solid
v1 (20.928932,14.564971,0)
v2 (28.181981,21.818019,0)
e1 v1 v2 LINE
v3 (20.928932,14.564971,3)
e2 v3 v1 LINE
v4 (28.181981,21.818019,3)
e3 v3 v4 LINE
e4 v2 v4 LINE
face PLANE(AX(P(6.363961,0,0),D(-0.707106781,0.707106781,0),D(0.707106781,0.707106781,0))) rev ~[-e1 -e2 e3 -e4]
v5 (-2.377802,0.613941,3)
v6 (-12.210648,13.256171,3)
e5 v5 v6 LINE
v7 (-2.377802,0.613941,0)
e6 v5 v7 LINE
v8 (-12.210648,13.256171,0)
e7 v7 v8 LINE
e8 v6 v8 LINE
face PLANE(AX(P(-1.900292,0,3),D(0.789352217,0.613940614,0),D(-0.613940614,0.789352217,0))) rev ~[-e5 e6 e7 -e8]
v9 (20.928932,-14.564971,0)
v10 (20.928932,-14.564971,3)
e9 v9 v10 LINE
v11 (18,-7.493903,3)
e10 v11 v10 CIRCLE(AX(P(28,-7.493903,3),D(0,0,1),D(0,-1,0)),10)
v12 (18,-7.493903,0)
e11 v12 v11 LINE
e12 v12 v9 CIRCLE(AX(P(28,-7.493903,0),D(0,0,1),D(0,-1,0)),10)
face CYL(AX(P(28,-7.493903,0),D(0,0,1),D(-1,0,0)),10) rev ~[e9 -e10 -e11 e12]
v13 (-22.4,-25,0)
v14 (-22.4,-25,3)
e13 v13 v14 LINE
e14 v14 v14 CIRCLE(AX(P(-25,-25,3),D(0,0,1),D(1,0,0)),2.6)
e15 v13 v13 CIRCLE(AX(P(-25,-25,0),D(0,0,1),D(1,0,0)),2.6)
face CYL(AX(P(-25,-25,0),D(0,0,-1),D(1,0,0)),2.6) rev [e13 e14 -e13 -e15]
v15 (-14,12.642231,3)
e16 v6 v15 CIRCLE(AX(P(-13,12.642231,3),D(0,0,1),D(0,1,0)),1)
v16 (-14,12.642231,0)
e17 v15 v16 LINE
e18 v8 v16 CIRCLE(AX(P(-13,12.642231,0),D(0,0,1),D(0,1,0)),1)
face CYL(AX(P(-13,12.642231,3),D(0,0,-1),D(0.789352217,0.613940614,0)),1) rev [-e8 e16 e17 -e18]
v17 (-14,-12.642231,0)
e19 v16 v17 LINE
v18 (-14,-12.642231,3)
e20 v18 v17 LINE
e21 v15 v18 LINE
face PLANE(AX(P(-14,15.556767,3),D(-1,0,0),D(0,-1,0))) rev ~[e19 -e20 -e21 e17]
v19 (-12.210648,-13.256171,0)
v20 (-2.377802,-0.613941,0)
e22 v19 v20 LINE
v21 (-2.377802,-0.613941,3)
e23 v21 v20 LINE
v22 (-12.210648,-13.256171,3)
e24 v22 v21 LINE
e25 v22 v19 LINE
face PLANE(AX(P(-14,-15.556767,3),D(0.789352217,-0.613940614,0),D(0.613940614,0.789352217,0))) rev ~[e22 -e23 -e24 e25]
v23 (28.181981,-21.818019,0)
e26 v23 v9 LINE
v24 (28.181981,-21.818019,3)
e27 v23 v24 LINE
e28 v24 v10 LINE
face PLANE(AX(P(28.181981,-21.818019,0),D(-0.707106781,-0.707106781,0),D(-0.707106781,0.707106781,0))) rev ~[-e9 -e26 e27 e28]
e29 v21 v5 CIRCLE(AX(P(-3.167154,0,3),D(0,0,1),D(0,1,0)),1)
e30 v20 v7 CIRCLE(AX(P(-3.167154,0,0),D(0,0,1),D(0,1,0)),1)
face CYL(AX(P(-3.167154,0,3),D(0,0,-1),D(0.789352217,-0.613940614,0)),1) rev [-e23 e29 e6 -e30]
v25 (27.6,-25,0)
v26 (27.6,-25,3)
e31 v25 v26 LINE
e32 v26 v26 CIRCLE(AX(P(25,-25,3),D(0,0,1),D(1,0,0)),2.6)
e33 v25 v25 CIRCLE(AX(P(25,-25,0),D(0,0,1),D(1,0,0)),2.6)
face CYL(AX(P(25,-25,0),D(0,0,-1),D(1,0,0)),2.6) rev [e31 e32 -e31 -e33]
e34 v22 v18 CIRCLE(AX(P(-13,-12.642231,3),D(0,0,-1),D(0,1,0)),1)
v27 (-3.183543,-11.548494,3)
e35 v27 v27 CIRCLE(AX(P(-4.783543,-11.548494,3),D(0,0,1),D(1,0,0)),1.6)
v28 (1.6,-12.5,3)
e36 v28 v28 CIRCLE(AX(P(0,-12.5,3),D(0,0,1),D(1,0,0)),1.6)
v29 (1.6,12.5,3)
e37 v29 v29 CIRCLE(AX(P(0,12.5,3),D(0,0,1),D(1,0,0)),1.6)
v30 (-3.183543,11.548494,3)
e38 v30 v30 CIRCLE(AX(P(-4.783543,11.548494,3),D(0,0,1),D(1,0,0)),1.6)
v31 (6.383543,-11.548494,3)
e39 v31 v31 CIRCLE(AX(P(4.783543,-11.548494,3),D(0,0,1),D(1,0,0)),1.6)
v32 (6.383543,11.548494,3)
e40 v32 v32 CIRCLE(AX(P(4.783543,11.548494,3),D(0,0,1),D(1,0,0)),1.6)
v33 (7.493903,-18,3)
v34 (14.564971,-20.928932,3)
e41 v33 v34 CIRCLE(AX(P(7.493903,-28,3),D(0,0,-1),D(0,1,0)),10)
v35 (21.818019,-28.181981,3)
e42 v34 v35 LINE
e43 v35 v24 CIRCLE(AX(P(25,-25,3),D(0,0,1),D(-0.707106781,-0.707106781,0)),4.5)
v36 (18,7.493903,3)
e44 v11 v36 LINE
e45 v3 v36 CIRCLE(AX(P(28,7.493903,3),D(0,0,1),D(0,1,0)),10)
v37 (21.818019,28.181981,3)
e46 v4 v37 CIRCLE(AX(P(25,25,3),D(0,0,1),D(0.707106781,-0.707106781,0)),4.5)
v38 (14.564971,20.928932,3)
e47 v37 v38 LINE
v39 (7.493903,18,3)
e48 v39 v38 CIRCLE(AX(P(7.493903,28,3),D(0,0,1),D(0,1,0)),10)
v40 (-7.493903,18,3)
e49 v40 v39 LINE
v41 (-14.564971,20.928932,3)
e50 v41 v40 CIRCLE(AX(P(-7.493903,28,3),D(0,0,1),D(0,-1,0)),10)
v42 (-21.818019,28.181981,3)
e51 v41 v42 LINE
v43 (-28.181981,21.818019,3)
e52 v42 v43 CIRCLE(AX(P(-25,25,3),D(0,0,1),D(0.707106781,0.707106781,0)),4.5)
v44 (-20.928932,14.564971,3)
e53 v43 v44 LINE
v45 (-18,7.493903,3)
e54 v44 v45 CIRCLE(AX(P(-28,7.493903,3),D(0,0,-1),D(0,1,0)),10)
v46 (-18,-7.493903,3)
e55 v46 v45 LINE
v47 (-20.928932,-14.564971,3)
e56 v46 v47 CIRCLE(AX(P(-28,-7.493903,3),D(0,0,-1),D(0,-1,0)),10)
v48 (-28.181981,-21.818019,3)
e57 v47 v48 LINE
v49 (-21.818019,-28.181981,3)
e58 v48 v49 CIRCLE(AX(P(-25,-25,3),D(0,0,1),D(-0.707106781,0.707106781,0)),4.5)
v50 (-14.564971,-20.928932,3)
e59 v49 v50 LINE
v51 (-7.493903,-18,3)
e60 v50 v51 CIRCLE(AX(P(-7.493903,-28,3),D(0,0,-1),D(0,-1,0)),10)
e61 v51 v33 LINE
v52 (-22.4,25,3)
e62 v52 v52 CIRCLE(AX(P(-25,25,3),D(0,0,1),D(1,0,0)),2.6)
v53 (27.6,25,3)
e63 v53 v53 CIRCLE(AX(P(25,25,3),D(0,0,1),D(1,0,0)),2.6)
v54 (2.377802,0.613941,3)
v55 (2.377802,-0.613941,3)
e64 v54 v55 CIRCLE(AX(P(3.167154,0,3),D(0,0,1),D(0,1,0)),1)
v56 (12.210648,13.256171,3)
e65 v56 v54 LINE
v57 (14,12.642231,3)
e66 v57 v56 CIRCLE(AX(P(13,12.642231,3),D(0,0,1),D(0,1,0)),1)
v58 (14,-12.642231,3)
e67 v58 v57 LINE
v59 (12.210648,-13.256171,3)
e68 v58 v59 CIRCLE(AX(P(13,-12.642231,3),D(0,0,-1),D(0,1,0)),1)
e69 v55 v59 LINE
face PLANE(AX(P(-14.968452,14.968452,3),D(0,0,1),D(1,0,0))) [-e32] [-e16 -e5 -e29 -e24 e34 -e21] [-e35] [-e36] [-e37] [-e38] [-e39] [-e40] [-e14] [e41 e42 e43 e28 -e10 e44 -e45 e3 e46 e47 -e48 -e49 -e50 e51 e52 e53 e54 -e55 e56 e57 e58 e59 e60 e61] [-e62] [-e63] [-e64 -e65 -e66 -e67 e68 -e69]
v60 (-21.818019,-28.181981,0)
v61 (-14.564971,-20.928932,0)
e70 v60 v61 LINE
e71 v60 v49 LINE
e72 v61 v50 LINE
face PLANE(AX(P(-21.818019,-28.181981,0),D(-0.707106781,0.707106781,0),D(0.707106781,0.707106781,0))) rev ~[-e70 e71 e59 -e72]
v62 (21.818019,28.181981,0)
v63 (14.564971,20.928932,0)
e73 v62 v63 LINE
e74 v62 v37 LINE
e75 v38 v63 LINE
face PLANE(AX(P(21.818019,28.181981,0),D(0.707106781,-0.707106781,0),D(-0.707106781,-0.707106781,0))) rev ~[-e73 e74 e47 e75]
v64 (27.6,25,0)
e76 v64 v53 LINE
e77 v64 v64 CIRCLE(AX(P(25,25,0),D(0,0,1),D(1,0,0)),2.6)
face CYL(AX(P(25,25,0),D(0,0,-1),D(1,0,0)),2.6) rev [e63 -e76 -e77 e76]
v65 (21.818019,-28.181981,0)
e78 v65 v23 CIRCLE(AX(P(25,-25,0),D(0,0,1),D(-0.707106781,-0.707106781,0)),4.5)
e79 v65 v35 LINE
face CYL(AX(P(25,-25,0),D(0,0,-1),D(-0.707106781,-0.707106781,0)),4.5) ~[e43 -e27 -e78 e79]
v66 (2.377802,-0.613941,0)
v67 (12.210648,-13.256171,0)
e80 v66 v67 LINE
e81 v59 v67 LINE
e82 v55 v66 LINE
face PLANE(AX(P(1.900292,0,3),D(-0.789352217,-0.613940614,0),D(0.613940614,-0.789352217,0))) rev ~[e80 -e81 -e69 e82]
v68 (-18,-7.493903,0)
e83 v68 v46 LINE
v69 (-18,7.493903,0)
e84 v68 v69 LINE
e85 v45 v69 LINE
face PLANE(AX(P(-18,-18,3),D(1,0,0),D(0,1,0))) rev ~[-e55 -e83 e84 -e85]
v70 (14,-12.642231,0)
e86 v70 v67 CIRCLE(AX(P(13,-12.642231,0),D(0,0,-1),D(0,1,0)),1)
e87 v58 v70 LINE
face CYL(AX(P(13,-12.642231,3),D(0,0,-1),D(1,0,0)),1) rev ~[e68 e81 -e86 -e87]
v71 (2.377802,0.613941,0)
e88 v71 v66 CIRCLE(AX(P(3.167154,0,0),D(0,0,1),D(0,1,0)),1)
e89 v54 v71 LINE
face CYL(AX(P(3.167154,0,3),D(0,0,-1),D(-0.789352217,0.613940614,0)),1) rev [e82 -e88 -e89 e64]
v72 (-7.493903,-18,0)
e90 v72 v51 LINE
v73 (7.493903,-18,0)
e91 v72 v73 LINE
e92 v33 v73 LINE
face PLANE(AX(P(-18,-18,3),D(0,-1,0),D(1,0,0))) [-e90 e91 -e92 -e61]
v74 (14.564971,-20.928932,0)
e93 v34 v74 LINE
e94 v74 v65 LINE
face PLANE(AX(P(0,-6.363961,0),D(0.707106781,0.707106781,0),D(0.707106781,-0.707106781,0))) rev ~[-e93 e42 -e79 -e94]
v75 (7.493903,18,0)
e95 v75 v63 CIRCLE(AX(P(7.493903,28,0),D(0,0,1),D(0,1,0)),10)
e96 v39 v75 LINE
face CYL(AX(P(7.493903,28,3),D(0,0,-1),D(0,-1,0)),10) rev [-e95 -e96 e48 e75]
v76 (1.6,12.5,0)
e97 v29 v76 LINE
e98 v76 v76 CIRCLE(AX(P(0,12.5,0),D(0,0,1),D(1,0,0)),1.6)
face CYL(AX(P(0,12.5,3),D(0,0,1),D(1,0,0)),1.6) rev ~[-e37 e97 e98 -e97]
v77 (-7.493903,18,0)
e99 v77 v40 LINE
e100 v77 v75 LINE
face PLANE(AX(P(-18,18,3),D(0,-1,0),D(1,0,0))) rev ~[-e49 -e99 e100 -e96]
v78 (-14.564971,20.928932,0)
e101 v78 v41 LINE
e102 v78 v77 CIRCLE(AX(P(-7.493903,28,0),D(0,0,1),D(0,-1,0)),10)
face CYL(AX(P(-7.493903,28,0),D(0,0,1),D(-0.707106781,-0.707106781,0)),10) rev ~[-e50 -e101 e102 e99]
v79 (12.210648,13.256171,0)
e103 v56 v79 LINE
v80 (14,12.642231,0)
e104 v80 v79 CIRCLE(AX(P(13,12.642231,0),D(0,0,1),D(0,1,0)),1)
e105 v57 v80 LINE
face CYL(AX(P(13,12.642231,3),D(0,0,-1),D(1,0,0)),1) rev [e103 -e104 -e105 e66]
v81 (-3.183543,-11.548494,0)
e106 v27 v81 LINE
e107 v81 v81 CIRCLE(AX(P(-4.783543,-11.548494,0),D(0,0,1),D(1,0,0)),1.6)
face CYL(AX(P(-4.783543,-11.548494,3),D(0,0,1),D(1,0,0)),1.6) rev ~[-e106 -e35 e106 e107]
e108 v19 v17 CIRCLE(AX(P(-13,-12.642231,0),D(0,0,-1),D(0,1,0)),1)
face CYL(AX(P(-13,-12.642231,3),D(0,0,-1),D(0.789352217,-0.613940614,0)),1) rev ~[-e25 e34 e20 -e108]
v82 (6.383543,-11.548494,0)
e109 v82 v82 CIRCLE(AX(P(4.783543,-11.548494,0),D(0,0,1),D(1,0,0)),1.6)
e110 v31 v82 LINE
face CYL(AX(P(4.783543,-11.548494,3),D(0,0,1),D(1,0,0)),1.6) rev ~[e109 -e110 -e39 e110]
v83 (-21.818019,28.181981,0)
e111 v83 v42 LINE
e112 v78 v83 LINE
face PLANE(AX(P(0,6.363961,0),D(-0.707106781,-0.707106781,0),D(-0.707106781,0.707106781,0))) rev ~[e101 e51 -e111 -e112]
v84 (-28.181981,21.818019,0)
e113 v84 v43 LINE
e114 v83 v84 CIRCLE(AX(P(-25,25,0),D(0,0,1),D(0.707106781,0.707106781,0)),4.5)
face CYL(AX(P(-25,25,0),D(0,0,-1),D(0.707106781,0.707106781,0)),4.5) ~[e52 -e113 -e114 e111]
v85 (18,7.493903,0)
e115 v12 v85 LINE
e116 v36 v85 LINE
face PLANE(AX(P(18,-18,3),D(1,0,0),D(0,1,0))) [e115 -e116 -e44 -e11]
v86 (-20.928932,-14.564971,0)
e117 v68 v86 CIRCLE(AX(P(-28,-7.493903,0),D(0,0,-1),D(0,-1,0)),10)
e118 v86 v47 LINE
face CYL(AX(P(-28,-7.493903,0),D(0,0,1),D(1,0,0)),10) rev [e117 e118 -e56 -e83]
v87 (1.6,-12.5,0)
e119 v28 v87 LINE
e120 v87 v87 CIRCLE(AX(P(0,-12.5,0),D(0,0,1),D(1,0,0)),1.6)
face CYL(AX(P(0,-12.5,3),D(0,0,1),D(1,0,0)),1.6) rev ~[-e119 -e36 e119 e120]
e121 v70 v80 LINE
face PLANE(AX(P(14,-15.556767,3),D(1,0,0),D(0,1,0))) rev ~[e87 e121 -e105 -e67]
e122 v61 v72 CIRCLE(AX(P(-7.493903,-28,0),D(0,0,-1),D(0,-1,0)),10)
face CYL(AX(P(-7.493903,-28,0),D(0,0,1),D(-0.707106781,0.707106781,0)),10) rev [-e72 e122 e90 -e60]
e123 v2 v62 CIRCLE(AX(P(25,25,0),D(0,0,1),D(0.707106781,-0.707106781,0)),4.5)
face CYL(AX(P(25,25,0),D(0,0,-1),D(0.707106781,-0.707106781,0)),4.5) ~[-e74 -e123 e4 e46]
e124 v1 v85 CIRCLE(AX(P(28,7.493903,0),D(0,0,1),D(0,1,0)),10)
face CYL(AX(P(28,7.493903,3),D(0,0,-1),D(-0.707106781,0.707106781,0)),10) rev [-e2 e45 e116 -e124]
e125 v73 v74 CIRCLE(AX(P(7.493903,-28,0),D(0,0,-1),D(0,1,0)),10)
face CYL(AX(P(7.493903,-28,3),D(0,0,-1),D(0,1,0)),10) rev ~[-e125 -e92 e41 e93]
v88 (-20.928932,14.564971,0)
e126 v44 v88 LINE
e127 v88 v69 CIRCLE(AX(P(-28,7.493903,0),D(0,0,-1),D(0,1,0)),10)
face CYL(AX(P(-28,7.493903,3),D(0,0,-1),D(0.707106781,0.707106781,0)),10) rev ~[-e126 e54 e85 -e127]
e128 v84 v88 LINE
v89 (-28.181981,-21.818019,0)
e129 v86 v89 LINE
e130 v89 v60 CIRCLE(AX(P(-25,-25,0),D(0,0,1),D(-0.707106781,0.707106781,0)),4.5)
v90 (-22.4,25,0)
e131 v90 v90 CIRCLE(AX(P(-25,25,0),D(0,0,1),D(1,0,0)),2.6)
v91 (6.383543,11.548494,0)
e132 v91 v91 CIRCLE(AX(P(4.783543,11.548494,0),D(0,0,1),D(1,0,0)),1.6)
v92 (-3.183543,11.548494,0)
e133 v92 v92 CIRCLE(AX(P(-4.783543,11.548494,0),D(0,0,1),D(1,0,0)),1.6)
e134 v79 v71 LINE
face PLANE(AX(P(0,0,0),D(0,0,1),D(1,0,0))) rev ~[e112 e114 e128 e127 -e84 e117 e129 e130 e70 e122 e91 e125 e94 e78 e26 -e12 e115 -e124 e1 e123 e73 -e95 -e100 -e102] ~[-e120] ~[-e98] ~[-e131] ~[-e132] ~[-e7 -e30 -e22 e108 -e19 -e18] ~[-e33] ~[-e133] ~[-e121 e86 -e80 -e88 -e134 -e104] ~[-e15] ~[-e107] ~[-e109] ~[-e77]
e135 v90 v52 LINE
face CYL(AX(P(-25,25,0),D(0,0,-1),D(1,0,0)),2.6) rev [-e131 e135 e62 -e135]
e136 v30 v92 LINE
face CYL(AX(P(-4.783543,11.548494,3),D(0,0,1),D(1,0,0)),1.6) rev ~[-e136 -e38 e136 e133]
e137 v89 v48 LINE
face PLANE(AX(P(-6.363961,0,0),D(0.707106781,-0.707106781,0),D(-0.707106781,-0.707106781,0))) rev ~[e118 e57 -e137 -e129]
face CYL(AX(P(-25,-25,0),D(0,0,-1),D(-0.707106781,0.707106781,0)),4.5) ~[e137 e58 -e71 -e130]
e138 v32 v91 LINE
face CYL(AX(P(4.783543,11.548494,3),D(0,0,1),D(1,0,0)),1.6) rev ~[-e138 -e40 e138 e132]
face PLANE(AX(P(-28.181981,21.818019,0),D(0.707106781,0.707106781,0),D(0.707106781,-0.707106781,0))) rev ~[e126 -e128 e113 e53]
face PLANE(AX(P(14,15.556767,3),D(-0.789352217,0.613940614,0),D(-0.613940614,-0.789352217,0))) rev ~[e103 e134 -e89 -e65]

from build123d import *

# Parameters (mm, degrees)
SKETCH_1_R          = 2.6
EXTRUDE_1_DEPTH     = 3
SKETCH_2_W          = 36
SKETCH_2_H          = 36
EXTRUDE_2_DEPTH     = 3
CUT_EXTRUDE_1_REACH = 43.827
SKETCH_3_R          = 1.6
CUT_EXTRUDE_2_DEPTH = 3
FILLET_1_R          = 1
FILLET_2_R          = 10


with BuildPart() as part:
    # 草图1 → 凸台-拉伸1 (new body)
    # profile 1 of 5: a face of its own
    with BuildSketch(Plane.XY):
        with BuildLine():
            Line((-28.181980515, 21.818019485), (-6.363961031, 0))
            Line((-6.363961031, 0), (0, 6.363961031))
            Line((0, 6.363961031), (-21.818019485, 28.181980515))
            ThreePointArc((-21.818019485, 28.181980515), (-28.181980515, 28.181980515), (-28.181980515, 21.818019485))
        make_face()
        with Locations((-25, 25)):
            Circle(SKETCH_1_R, mode=Mode.SUBTRACT)
    # profile 2 of 5: a face of its own
    with BuildSketch(Plane.XY):
        with BuildLine():
            Line((-6.363961031, 0), (-28.181980515, -21.818019485))
            ThreePointArc((-28.181980515, -21.818019485), (-28.181980515, -28.181980515), (-21.818019485, -28.181980515))
            Line((-21.818019485, -28.181980515), (0, -6.363961031))
            Line((0, -6.363961031), (-6.363961031, 0))
        make_face()
        with Locations((-25, -25)):
            Circle(SKETCH_1_R, mode=Mode.SUBTRACT)
    # profile 3 of 5: a face of its own
    with BuildSketch(Plane.XY):
        with BuildLine():
            Line((6.363961031, 0), (0, -6.363961031))
            Line((0, -6.363961031), (21.818019485, -28.181980515))
            ThreePointArc((21.818019485, -28.181980515), (28.181980515, -28.181980515), (28.181980515, -21.818019485))
            Line((28.181980515, -21.818019485), (6.363961031, 0))
        make_face()
        with Locations((25, -25)):
            Circle(SKETCH_1_R, mode=Mode.SUBTRACT)
    # profile 4 of 5: a face of its own
    with BuildSketch(Plane.XY):
        with BuildLine():
            Line((21.818019485, 28.181980515), (0, 6.363961031))
            Line((0, 6.363961031), (6.363961031, 0))
            Line((6.363961031, 0), (28.181980515, 21.818019485))
            ThreePointArc((28.181980515, 21.818019485), (28.181980515, 28.181980515), (21.818019485, 28.181980515))
        make_face()
        with Locations((25, 25)):
            Circle(SKETCH_1_R, mode=Mode.SUBTRACT)
    # profile 5 of 5: a face of its own
    with BuildSketch(Plane.XY):
        Polygon((0, 6.363961031), (-6.363961031, 0), (0, -6.363961031), (6.363961031, 0), align=None)
    extrude(amount=EXTRUDE_1_DEPTH)

    # 草图2 → 凸台-拉伸2 (add)
    with BuildSketch(Plane.XY.offset(3)):
        Rectangle(SKETCH_2_W, SKETCH_2_H)
    extrude(amount=-EXTRUDE_2_DEPTH)

    # 草图3 → 切除-拉伸1 (cut, up to next)
    with BuildSketch(Plane.XY.offset(3), mode=Mode.PRIVATE) as cut_extrude_1_sk1:
        with Locations((0, -12.5)):
            Circle(SKETCH_3_R)
    cut_extrude_1_tool1 = extrude(cut_extrude_1_sk1.sketch, amount=-CUT_EXTRUDE_1_REACH, mode=Mode.PRIVATE) & part.part
    # 草图3 → 切除-拉伸1 (cut, up to next)
    with BuildSketch(Plane.XY.offset(3), mode=Mode.PRIVATE) as cut_extrude_1_sk2:
        with Locations((0, 12.5)):
            Circle(SKETCH_3_R)
    cut_extrude_1_tool2 = extrude(cut_extrude_1_sk2.sketch, amount=-CUT_EXTRUDE_1_REACH, mode=Mode.PRIVATE) & part.part
    # 草图3 → 切除-拉伸1 (cut, up to next)
    with BuildSketch(Plane.XY.offset(3), mode=Mode.PRIVATE) as cut_extrude_1_sk3:
        with Locations((4.783542905, 11.548494156)):
            Circle(SKETCH_3_R)
    cut_extrude_1_tool3 = extrude(cut_extrude_1_sk3.sketch, amount=-CUT_EXTRUDE_1_REACH, mode=Mode.PRIVATE) & part.part
    # 草图3 → 切除-拉伸1 (cut, up to next)
    with BuildSketch(Plane.XY.offset(3), mode=Mode.PRIVATE) as cut_extrude_1_sk4:
        with Locations((-4.783542905, -11.548494156)):
            Circle(SKETCH_3_R)
    cut_extrude_1_tool4 = extrude(cut_extrude_1_sk4.sketch, amount=-CUT_EXTRUDE_1_REACH, mode=Mode.PRIVATE) & part.part
    # 草图3 → 切除-拉伸1 (cut, up to next)
    with BuildSketch(Plane.XY.offset(3), mode=Mode.PRIVATE) as cut_extrude_1_sk5:
        with Locations((4.783542905, -11.548494156)):
            Circle(SKETCH_3_R)
    cut_extrude_1_tool5 = extrude(cut_extrude_1_sk5.sketch, amount=-CUT_EXTRUDE_1_REACH, mode=Mode.PRIVATE) & part.part
    # 草图3 → 切除-拉伸1 (cut, up to next)
    with BuildSketch(Plane.XY.offset(3), mode=Mode.PRIVATE) as cut_extrude_1_sk6:
        with Locations((-4.783542905, 11.548494156)):
            Circle(SKETCH_3_R)
    cut_extrude_1_tool6 = extrude(cut_extrude_1_sk6.sketch, amount=-CUT_EXTRUDE_1_REACH, mode=Mode.PRIVATE) & part.part
    add(cut_extrude_1_tool1.solids().sort_by_distance((0, -12.5, 3))[0], mode=Mode.SUBTRACT)
    add(cut_extrude_1_tool2.solids().sort_by_distance((0, 12.5, 3))[0], mode=Mode.SUBTRACT)
    add(cut_extrude_1_tool3.solids().sort_by_distance((4.783543, 11.548494, 3))[0], mode=Mode.SUBTRACT)
    add(cut_extrude_1_tool4.solids().sort_by_distance((-4.783543, -11.548494, 3))[0], mode=Mode.SUBTRACT)
    add(cut_extrude_1_tool5.solids().sort_by_distance((4.783543, -11.548494, 3))[0], mode=Mode.SUBTRACT)
    add(cut_extrude_1_tool6.solids().sort_by_distance((-4.783543, 11.548494, 3))[0], mode=Mode.SUBTRACT)

    # 草图4 → 切除-拉伸2 (cut)
    with BuildSketch(Plane.XY.offset(3)):
        Polygon((14, -15.556766946), (14, 15.556766946), (1.900292375, 0), align=None)
        Polygon((-14, -15.556766946), (-1.900292375, 0), (-14, 15.556766946), align=None)
    extrude(amount=-CUT_EXTRUDE_2_DEPTH, mode=Mode.SUBTRACT)

    # 圆角1
    fillet_1_edges = [part.edges().sort_by_distance(p)[0] for p in [
        (14, 15.556766946, 1.5),
        (14, -15.556766946, 1.5),
        (1.900292375, 0, 1.5),
        (-14, -15.556766946, 1.5),
        (-14, 15.556766946, 1.5),
        (-1.900292375, 0, 1.5),
    ]]
    fillet(fillet_1_edges, radius=FILLET_1_R)

    # 圆角2
    fillet_2_edges = [part.edges().sort_by_distance(p)[0] for p in [
        (18, -11.636038969, 1.5),
        (-11.636038969, -18, 1.5),
        (-18, -11.636038969, 1.5),
        (18, 11.636038969, 1.5),
        (11.636038969, -18, 1.5),
        (-18, 11.636038969, 1.5),
        (-11.636038969, 18, 1.5),
        (11.636038969, 18, 1.5),
    ]]
    fillet(fillet_2_edges, radius=FILLET_2_R)


solid = part.part
